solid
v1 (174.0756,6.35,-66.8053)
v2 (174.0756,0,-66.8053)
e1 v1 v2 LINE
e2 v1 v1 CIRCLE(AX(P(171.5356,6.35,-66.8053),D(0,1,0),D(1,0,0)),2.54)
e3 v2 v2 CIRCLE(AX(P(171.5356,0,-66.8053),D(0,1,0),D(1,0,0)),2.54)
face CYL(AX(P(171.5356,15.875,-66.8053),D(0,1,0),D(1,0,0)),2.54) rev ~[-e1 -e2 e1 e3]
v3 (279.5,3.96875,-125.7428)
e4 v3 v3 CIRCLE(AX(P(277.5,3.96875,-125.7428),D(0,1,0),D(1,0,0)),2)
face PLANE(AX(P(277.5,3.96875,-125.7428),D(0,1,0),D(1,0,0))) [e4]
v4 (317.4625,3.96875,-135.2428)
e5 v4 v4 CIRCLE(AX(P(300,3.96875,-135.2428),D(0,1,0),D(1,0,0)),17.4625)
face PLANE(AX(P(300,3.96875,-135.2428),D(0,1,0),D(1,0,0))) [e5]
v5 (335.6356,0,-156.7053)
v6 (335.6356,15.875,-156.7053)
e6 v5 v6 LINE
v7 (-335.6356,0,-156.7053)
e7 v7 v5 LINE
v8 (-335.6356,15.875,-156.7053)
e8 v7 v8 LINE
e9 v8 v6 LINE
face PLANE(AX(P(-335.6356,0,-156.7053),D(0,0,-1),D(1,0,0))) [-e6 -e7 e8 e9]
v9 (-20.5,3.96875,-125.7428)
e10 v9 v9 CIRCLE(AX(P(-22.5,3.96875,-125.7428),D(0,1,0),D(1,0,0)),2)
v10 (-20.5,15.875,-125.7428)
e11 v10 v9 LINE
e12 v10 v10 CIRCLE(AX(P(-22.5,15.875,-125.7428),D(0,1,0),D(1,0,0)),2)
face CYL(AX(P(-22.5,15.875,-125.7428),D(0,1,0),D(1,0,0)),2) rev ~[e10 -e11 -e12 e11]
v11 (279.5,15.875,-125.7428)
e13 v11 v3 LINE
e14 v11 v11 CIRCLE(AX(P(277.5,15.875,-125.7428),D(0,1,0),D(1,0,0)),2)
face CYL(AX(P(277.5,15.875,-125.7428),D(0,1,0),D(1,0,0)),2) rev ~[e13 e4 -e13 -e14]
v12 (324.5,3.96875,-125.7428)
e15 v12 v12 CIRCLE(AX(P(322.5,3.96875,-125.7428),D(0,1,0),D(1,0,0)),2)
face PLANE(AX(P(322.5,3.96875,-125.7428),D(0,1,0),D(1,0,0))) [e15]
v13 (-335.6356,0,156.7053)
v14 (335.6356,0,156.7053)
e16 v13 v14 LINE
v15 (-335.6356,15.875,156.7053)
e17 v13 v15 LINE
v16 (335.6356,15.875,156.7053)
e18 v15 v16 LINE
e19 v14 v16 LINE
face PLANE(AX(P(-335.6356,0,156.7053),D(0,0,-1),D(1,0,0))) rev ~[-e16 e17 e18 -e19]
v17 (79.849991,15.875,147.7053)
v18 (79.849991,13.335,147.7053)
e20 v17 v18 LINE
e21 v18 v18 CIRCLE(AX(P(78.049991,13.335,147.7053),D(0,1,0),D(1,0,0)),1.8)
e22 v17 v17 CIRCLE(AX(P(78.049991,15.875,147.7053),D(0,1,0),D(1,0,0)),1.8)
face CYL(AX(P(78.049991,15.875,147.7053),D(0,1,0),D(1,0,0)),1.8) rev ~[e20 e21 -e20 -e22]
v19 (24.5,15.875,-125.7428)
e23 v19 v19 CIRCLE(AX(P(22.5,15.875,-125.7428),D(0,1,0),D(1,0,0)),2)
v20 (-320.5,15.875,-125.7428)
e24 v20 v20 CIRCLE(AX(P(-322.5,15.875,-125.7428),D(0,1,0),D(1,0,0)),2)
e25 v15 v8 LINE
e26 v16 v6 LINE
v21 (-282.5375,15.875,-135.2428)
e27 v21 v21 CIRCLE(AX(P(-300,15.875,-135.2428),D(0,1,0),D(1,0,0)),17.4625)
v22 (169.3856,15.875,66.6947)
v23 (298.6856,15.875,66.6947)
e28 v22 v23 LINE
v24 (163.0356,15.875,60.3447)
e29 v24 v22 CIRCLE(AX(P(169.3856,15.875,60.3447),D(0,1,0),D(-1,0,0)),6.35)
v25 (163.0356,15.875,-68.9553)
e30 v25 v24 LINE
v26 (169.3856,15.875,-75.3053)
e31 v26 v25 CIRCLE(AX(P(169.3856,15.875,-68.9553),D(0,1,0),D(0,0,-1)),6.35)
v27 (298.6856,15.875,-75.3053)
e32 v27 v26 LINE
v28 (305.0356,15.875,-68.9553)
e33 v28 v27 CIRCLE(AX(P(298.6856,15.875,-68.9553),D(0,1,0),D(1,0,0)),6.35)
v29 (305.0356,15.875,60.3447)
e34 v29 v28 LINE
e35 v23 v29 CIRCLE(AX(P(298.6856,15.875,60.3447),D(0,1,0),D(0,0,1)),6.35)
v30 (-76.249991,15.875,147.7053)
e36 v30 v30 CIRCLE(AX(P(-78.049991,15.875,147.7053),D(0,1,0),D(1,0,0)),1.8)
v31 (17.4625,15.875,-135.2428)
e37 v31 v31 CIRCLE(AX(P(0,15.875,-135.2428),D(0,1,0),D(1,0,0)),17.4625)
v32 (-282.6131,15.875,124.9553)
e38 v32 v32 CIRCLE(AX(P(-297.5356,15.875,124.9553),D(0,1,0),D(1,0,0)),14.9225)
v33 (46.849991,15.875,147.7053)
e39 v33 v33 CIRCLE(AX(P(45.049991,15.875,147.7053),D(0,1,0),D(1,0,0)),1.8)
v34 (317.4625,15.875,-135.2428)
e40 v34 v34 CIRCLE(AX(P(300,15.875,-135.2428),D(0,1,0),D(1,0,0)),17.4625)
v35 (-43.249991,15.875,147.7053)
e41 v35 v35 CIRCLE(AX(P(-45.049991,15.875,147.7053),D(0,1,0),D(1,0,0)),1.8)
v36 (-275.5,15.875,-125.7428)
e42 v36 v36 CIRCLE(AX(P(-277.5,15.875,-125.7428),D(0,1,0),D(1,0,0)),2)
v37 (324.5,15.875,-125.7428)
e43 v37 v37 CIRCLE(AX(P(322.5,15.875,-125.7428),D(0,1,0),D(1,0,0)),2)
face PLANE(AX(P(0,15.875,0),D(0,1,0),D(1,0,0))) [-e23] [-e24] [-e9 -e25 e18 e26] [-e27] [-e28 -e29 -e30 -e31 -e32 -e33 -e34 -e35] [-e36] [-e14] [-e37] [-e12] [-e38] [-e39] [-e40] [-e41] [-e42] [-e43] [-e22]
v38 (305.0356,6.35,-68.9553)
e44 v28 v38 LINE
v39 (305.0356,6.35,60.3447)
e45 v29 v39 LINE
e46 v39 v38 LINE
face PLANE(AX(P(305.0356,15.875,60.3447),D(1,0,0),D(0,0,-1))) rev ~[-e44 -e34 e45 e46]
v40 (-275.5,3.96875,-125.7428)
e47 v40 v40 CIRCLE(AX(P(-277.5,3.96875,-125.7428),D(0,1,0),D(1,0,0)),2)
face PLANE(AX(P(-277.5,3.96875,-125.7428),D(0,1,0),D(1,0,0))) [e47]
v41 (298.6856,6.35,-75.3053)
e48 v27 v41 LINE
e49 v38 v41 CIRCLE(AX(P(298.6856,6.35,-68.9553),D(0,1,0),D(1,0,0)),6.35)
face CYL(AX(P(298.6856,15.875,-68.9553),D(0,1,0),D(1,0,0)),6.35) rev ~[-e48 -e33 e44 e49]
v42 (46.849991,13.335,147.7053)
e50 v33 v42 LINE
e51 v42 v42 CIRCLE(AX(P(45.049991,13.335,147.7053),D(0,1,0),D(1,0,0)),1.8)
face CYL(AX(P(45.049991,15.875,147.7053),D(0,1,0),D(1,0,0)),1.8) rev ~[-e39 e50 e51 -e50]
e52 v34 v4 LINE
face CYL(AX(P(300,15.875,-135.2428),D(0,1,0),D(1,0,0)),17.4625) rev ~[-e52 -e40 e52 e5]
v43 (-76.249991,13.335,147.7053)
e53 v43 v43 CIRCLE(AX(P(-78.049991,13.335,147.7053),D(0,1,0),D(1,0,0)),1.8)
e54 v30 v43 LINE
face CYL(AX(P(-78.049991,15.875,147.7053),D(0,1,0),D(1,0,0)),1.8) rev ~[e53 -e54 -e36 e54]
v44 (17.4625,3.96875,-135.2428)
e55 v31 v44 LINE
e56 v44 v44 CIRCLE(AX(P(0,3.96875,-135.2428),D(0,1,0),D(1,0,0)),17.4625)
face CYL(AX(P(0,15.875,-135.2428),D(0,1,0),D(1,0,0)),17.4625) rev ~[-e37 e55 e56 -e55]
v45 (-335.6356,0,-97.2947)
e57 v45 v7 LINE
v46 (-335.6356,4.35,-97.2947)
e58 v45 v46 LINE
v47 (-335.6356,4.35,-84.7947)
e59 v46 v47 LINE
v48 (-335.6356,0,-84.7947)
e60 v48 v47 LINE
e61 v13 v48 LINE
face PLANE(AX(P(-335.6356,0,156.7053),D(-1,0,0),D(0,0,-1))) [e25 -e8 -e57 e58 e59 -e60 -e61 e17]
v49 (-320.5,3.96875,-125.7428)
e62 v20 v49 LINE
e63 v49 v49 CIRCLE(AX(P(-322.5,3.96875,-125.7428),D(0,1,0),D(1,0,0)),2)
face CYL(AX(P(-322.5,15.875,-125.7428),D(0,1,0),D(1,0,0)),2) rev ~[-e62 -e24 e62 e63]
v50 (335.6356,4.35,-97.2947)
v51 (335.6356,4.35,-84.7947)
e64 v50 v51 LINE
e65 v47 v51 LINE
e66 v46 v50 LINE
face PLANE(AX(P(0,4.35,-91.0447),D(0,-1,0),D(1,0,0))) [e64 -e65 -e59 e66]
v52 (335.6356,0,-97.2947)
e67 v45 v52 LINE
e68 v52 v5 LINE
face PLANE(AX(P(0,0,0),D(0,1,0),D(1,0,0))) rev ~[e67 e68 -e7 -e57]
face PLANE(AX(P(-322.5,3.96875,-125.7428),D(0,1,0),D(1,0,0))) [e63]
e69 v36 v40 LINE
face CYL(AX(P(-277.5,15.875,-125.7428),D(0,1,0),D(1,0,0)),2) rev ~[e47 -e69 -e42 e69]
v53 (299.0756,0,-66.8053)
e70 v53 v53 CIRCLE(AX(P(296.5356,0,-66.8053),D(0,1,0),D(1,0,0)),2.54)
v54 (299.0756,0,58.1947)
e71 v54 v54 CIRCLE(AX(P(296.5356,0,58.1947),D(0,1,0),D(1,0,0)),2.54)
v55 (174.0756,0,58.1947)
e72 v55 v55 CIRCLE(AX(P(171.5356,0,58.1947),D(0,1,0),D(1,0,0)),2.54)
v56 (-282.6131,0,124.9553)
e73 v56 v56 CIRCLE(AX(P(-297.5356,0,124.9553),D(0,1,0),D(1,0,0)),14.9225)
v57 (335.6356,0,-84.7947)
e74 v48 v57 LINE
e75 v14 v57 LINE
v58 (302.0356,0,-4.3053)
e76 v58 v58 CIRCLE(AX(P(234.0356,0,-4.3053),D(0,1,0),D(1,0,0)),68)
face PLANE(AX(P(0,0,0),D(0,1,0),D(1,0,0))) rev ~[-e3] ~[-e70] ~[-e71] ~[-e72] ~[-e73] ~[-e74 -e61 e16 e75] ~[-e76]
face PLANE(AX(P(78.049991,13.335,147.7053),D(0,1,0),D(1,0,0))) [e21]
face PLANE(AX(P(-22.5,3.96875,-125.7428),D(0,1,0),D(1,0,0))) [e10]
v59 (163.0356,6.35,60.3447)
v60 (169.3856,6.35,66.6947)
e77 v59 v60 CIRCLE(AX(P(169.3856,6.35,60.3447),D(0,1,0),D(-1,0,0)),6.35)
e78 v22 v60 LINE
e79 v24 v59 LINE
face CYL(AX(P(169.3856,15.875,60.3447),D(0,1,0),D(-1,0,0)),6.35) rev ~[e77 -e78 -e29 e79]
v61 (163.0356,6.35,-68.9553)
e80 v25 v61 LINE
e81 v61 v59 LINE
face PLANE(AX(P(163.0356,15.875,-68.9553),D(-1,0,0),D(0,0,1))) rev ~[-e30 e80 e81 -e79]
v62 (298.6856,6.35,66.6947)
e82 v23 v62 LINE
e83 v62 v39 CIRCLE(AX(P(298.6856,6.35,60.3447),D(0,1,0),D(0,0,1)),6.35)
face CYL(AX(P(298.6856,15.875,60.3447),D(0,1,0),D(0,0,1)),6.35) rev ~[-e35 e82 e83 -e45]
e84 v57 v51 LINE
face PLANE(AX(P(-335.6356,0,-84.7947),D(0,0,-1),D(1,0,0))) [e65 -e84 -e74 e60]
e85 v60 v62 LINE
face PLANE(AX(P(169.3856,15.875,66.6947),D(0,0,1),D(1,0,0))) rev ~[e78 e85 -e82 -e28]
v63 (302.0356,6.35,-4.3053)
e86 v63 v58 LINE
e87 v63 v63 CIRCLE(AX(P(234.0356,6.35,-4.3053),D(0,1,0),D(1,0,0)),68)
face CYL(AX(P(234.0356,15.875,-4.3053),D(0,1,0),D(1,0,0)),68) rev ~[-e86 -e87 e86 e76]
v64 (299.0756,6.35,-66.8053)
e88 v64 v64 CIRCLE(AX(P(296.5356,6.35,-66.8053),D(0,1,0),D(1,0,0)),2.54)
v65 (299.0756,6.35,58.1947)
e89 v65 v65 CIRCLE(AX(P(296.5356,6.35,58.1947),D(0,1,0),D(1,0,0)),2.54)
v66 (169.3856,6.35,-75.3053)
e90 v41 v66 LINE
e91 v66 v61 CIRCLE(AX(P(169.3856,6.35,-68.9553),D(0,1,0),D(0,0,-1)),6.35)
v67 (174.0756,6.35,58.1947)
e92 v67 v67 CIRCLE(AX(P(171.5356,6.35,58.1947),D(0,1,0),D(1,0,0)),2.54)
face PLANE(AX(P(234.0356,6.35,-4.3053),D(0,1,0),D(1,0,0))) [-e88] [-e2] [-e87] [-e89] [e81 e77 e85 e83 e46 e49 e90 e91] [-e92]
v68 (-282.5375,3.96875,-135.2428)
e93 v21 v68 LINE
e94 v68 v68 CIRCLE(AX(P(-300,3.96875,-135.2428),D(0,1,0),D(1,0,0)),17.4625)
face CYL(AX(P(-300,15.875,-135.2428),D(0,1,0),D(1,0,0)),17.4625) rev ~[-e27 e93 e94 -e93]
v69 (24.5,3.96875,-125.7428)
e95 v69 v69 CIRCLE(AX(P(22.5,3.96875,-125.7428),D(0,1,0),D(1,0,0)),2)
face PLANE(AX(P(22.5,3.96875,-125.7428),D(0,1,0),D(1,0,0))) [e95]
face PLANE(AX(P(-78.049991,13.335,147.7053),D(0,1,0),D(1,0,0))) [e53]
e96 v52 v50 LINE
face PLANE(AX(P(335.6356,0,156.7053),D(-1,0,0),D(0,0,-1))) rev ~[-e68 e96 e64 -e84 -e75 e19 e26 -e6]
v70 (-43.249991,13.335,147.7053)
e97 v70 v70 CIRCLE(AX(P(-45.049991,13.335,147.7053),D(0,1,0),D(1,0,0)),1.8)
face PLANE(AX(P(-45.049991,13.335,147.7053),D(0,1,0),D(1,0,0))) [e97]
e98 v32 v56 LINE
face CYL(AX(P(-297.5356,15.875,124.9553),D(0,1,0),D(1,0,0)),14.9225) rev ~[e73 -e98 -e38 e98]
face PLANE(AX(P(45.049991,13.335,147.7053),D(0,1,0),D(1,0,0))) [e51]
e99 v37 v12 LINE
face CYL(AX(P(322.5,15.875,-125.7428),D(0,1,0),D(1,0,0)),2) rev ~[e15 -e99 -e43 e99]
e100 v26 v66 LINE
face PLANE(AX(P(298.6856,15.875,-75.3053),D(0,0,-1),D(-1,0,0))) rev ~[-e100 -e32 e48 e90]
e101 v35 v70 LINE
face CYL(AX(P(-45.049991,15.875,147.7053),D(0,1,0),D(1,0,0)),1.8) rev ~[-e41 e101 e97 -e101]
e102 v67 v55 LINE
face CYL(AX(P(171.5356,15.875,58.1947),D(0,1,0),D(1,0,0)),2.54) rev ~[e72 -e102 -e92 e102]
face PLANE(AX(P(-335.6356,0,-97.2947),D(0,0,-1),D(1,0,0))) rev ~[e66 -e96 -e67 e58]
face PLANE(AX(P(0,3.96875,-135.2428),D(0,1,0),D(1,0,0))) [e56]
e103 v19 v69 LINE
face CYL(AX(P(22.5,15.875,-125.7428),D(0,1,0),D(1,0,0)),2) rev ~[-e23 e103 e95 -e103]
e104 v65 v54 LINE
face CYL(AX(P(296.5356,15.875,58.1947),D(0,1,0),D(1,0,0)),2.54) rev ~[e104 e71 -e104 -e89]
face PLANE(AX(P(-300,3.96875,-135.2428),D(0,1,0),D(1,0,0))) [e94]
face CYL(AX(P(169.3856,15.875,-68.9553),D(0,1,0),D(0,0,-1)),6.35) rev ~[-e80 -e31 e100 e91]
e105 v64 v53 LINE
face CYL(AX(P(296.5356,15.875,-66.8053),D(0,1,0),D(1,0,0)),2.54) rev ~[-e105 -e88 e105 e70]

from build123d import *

# Parameters (mm, degrees)
SKETCH1_W               = 671.2712
SKETCH1_H               = 313.4106
BOSS_EXTRUDE1_DEPTH     = 15.875
SKETCH4_R               = 14.9225
CUT_EXTRUDE2_DEPTH      = 1
CUT_EXTRUDE2_DEPTH_BACK = 16.875
SKETCH5_R               = 17.4625
SKETCH5_R_2             = 2
CUT_EXTRUDE3_DEPTH      = 11.90625
SKETCH6_R               = 1.8
CUT_EXTRUDE4_DEPTH      = 2.54
SKETCH7_R               = 68
SKETCH7_R_2             = 2.54
CUT_EXTRUDE5_DEPTH      = 1
CUT_EXTRUDE5_DEPTH_BACK = 16.875
CUT_EXTRUDE6_DEPTH      = 9.525
SKETCH9_W               = 671.2712
SKETCH9_H               = 12.5
CUT_EXTRUDE7_DEPTH      = 4.35


with BuildPart() as part:
    # Sketch1 → Boss-Extrude1 (new body)
    with BuildSketch(Plane(origin=(0, 0, 0), x_dir=(1, 0, 0), z_dir=(0, 1, 0))):
        Rectangle(SKETCH1_W, SKETCH1_H)
    extrude(amount=BOSS_EXTRUDE1_DEPTH)

    # Sketch4 → Cut-Extrude2 (cut, two sides)
    with BuildSketch(Plane(origin=(0, 15.875, 0), x_dir=(1, 0, 0), z_dir=(0, 1, 0))) as cut_extrude2_sk:
        with Locations((-297.5356, -124.9553)):
            Circle(SKETCH4_R)
    extrude(amount=CUT_EXTRUDE2_DEPTH, mode=Mode.SUBTRACT)
    extrude(cut_extrude2_sk.sketch, amount=-CUT_EXTRUDE2_DEPTH_BACK, mode=Mode.SUBTRACT)

    # Sketch5 → Cut-Extrude3 (cut)
    with BuildSketch(Plane(origin=(0, 15.875, 0), x_dir=(1, 0, 0), z_dir=(0, 1, 0))):
        with Locations((0, 135.2428)):
            Circle(SKETCH5_R)
        with Locations((22.5, 125.7428)):
            Circle(SKETCH5_R_2)
        with Locations((-22.5, 125.7428)):
            Circle(SKETCH5_R_2)
        with Locations((-300, 135.2428)):
            Circle(SKETCH5_R)
        with Locations((-277.5, 125.7428)):
            Circle(SKETCH5_R_2)
        with Locations((-322.5, 125.7428)):
            Circle(SKETCH5_R_2)
        with Locations((322.5, 125.7428)):
            Circle(SKETCH5_R_2)
        with Locations((277.5, 125.7428)):
            Circle(SKETCH5_R_2)
        with Locations((300, 135.2428)):
            Circle(SKETCH5_R)
    extrude(amount=-CUT_EXTRUDE3_DEPTH, mode=Mode.SUBTRACT)

    # Sketch6 → Cut-Extrude4 (cut)
    with BuildSketch(Plane(origin=(0, 15.875, 0), x_dir=(1, 0, 0), z_dir=(0, 1, 0))):
        with Locations((78.0499912, -147.7053)):
            Circle(SKETCH6_R)
        with Locations((45.0499912, -147.7053)):
            Circle(SKETCH6_R)
        with Locations((-45.0499912, -147.7053)):
            Circle(SKETCH6_R)
        with Locations((-78.0499912, -147.7053)):
            Circle(SKETCH6_R)
    extrude(amount=-CUT_EXTRUDE4_DEPTH, mode=Mode.SUBTRACT)

    # Sketch7 → Cut-Extrude5 (cut, two sides)
    with BuildSketch(Plane(origin=(0, 15.875, 0), x_dir=(1, 0, 0), z_dir=(0, 1, 0))) as cut_extrude5_sk:
        with Locations((234.0356, 4.3053)):
            Circle(SKETCH7_R)
        with Locations((296.5356, -58.1947)):
            Circle(SKETCH7_R_2)
        with Locations((296.5356, 66.8053)):
            Circle(SKETCH7_R_2)
        with Locations((171.5356, 66.8053)):
            Circle(SKETCH7_R_2)
        with Locations((171.5356, -58.1947)):
            Circle(SKETCH7_R_2)
    extrude(amount=CUT_EXTRUDE5_DEPTH, mode=Mode.SUBTRACT)
    extrude(cut_extrude5_sk.sketch, amount=-CUT_EXTRUDE5_DEPTH_BACK, mode=Mode.SUBTRACT)

    # Sketch8 → Cut-Extrude6 (cut)
    with BuildSketch(Plane(origin=(0, 15.875, 0), x_dir=(1, 0, 0), z_dir=(0, 1, 0))):
        with BuildLine():
            Line((169.3856, -66.6947), (298.6856, -66.6947))
            ThreePointArc((298.6856, -66.6947), (303.175728061, -64.834828061), (305.0356, -60.3447))
            Line((305.0356, -60.3447), (305.0356, 68.9553))
            ThreePointArc((305.0356, 68.9553), (303.175728061, 73.445428061), (298.6856, 75.3053))
            Line((298.6856, 75.3053), (169.3856, 75.3053))
            ThreePointArc((169.3856, 75.3053), (164.895471939, 73.445428061), (163.0356, 68.9553))
            Line((163.0356, 68.9553), (163.0356, -60.3447))
            ThreePointArc((163.0356, -60.3447), (164.895471939, -64.834828061), (169.3856, -66.6947))
        make_face()
    extrude(amount=-CUT_EXTRUDE6_DEPTH, mode=Mode.SUBTRACT)

    # Sketch9 → Cut-Extrude7 (cut)
    with BuildSketch(Plane.XZ):
        with Locations((0, -91.0447)):
            Rectangle(SKETCH9_W, SKETCH9_H)
    extrude(amount=-CUT_EXTRUDE7_DEPTH, mode=Mode.SUBTRACT)


solid = part.part
